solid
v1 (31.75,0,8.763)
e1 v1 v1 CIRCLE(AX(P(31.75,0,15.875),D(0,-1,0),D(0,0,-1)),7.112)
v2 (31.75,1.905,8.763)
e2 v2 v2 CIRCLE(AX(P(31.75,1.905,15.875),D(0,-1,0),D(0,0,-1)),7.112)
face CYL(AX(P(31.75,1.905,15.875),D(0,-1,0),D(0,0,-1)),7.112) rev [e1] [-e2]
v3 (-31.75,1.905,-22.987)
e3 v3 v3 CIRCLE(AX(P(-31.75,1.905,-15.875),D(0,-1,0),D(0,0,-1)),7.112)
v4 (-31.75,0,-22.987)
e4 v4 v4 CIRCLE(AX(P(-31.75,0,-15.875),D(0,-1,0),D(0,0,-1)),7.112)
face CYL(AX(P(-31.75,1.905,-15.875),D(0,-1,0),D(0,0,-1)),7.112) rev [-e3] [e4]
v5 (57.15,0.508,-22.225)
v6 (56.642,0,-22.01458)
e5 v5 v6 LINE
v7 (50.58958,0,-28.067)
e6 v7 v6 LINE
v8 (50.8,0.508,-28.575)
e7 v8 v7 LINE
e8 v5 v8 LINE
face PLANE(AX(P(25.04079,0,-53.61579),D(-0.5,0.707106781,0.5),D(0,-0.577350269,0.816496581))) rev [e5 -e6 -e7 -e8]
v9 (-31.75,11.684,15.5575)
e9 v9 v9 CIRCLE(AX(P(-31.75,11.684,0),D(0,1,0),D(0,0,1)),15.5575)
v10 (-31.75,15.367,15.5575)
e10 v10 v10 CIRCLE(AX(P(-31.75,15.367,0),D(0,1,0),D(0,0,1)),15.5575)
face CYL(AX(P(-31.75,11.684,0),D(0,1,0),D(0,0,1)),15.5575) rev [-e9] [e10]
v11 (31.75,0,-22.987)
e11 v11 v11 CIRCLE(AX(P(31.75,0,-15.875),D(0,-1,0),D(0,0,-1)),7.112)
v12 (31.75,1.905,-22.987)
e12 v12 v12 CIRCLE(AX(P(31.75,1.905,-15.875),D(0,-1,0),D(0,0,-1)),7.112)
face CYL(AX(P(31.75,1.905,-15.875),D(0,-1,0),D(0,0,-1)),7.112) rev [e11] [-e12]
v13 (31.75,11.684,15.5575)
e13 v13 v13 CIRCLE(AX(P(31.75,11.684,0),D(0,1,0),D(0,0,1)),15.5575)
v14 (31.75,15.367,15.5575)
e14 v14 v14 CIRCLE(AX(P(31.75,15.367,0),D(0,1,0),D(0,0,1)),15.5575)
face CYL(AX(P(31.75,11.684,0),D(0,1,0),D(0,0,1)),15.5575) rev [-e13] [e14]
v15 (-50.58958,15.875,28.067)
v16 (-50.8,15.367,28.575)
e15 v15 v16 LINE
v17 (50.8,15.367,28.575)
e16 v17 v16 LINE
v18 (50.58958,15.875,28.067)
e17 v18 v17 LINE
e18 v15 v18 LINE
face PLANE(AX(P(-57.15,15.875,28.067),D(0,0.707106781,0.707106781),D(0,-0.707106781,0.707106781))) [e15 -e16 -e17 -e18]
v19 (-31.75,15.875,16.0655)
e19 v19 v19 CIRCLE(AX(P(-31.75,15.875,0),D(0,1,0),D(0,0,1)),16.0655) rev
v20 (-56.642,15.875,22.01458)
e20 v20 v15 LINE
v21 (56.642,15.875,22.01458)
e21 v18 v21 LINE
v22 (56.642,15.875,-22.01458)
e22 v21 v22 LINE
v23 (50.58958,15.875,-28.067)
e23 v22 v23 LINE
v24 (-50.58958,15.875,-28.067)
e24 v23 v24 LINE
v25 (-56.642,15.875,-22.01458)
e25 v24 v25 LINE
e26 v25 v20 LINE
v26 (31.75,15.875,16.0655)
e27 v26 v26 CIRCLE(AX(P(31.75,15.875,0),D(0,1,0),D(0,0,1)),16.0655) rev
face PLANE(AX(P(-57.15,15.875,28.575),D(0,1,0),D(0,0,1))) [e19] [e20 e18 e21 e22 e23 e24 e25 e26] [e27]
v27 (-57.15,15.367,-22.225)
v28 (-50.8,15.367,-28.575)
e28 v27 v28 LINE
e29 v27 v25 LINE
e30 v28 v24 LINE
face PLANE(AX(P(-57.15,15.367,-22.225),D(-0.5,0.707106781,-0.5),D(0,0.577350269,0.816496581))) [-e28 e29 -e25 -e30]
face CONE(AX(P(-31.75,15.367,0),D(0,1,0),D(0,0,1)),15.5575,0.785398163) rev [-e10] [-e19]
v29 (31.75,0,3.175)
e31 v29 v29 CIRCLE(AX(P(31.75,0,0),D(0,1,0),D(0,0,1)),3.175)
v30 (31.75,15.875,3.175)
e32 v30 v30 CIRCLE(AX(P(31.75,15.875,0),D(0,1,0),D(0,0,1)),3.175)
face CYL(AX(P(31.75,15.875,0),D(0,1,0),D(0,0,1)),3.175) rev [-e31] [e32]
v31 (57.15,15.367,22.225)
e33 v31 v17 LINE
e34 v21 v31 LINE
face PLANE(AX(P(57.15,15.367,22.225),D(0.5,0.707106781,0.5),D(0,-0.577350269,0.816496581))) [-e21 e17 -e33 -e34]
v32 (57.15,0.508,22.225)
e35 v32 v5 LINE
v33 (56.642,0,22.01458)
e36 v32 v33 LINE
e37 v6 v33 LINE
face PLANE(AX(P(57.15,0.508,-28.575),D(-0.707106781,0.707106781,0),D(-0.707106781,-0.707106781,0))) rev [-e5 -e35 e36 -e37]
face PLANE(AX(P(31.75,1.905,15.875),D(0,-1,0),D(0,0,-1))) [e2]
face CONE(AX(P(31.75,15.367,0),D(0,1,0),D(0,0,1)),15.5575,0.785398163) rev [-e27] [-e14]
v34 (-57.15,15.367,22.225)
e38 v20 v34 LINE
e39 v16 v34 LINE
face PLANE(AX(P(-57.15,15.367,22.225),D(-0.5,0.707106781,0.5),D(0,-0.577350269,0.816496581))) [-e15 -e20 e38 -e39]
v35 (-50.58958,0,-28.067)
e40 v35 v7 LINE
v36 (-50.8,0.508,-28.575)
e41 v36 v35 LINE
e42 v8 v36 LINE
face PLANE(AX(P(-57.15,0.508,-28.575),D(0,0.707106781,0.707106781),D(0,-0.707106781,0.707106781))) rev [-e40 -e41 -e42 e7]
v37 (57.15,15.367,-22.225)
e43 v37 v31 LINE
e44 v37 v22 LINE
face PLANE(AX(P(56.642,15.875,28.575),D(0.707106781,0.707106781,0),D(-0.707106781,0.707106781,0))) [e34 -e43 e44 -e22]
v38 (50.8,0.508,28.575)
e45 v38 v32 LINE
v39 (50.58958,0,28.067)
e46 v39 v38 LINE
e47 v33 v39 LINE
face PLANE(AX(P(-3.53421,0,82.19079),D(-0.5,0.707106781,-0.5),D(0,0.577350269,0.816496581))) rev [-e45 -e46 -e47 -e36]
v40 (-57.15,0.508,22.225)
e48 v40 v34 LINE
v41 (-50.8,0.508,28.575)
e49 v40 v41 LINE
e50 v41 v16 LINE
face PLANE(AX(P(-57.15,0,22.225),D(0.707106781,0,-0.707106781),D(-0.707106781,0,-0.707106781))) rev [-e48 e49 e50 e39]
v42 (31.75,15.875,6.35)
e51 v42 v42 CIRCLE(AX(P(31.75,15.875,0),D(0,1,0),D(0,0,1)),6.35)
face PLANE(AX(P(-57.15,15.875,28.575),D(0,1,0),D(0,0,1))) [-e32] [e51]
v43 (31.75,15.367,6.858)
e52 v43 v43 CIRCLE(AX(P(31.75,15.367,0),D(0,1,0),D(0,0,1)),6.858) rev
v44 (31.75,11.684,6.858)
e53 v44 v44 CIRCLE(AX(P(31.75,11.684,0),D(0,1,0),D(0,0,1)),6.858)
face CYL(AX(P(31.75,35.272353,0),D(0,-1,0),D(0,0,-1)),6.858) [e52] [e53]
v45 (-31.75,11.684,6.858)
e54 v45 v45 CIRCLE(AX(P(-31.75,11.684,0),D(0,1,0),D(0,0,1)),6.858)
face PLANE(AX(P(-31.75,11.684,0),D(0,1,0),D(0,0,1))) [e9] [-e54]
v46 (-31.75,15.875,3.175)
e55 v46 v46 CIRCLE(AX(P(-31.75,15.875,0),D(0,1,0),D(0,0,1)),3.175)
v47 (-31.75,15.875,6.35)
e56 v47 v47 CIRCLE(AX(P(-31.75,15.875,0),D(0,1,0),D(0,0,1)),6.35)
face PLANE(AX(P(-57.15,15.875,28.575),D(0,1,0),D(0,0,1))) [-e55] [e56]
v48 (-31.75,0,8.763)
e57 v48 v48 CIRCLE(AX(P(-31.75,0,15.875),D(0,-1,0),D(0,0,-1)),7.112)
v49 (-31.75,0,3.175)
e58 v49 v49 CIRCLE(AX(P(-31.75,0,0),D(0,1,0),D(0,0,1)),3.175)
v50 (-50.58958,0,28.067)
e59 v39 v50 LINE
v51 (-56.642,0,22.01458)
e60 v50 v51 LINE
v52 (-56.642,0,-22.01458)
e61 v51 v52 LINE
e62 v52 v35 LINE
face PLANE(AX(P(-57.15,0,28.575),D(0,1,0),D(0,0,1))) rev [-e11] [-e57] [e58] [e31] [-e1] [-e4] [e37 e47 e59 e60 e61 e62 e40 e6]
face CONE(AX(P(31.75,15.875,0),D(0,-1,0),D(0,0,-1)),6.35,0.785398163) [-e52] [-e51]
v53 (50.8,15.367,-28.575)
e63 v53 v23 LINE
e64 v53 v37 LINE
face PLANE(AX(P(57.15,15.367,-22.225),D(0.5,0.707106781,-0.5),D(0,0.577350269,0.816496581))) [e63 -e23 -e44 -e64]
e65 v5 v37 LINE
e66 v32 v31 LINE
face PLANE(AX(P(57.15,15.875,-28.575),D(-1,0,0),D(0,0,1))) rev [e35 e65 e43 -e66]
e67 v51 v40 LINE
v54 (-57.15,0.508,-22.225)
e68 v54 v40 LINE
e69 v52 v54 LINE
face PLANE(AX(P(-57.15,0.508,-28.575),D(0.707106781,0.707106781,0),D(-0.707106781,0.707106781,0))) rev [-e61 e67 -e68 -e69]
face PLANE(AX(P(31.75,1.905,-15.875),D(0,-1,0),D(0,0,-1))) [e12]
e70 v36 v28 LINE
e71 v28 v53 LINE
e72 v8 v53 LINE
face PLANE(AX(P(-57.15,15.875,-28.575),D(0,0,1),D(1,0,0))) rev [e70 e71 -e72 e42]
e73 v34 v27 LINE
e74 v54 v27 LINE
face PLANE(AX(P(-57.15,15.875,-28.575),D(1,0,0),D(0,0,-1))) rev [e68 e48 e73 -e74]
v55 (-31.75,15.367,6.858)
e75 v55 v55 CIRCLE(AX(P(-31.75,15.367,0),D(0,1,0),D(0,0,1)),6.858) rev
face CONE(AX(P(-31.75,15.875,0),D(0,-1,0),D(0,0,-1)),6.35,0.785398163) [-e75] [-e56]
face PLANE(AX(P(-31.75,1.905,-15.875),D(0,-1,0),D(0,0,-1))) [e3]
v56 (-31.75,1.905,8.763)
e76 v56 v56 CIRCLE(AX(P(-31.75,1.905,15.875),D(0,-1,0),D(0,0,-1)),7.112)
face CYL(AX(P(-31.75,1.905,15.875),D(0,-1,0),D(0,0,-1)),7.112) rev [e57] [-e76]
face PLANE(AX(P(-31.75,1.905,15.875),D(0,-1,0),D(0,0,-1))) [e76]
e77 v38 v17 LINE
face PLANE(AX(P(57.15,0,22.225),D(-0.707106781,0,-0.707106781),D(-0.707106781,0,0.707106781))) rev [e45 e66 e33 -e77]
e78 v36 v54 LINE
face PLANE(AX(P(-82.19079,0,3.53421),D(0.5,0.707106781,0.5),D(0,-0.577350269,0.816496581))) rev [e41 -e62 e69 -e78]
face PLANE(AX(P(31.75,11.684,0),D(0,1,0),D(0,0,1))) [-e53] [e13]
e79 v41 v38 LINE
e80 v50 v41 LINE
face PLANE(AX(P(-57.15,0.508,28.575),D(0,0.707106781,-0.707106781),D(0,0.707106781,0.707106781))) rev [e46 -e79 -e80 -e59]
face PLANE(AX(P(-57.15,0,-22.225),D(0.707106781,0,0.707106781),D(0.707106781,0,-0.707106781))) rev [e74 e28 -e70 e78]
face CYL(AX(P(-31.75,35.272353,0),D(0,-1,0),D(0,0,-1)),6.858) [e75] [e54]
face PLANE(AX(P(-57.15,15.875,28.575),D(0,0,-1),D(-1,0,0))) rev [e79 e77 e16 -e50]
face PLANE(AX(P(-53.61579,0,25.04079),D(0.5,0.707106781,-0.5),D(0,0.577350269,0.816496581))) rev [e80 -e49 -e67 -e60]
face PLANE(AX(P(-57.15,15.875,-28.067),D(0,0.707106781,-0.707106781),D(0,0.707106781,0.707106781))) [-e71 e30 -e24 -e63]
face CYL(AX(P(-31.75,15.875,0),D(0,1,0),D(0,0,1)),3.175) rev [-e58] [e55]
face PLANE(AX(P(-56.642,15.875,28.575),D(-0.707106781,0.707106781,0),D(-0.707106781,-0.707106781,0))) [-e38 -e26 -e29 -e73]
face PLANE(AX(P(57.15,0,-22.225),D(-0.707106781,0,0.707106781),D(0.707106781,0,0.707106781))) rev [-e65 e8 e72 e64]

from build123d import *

# Parameters (mm, degrees)
SKETCH1_W               = 114.3
SKETCH1_H               = 57.15
EXTRUDE1_DEPTH          = 15.875
CUT_EXTRUDE1_DEPTH      = 16.875
SKETCH4_R               = 15.5575
EXTRUDE7_DEPTH          = 4.191
SKETCH6_R               = 6.858
EXTRUDE8_DEPTH          = 4.191
CHAMFER1_SIZE           = 0.508
SKETCH7_R               = 7.112
CUT_EXTRUDE2_DEPTH      = 1.905
F_1_4_20_TAPPED_HOLE1_D = 6.35


with BuildPart() as part:
    # Sketch1 → Extrude1 (new body)
    with BuildSketch(Plane(origin=(0, 0, 0), x_dir=(1, 0, 0), z_dir=(0, 1, 0))):
        Rectangle(SKETCH1_W, SKETCH1_H)
    extrude(amount=EXTRUDE1_DEPTH)

    # Sketch3 → Cut-Extrude1 (cut, through all)
    with BuildSketch(Plane(origin=(0, 15.875, 0), x_dir=(1, 0, 0), z_dir=(0, 1, 0))):
        Polygon((-57.15, 22.225), (-50.8, 28.575), (-57.15, 28.575), align=None)
        Polygon((-57.15, -28.575), (-57.15, -22.225), (-50.8, -28.575), align=None)
        Polygon((57.15, -28.575), (57.15, -22.225), (50.8, -28.575), align=None)
        Polygon((57.15, 28.575), (57.15, 22.225), (50.8, 28.575), align=None)
    extrude(amount=-CUT_EXTRUDE1_DEPTH, mode=Mode.SUBTRACT)

    # Sketch4 → Extrude7 (cut)
    with BuildSketch(Plane(origin=(0, 15.875, 0), x_dir=(1, 0, 0), z_dir=(0, 1, 0))):
        with Locations(Location((-31.75, 0, 0), (0, 0, 270))):  # turned: the seam where the file's is
            Circle(SKETCH4_R)
        with Locations(Location((31.75, 0, 0), (0, 0, 270))):  # turned: the seam where the file's is
            Circle(SKETCH4_R)
    extrude(amount=-EXTRUDE7_DEPTH, mode=Mode.SUBTRACT)

    # Sketch6 → Extrude8 (add)
    with BuildSketch(Plane(origin=(0, 11.684, 0), x_dir=(1, 0, 0), z_dir=(0, 1, 0))):
        with Locations(Location((-31.75, 0, 0), (0, 0, 270))):  # turned: the seam where the file's is
            Circle(SKETCH6_R)
        with Locations(Location((31.75, 0, 0), (0, 0, 270))):  # turned: the seam where the file's is
            Circle(SKETCH6_R)
    extrude(amount=EXTRUDE8_DEPTH)

    # Chamfer1
    chamfer1_edges = [part.edges().sort_by_distance(p)[0] for p in [
        (-57.15, 0, 0),
        (-57.15, 15.875, 0),
        (-53.975, 0, -25.4),
        (-53.975, 15.875, -25.4),
        (0, 0, 28.575),
        (0, 15.875, 28.575),
        (-53.975, 0, 25.4),
        (-53.975, 15.875, 25.4),
        (57.15, 0, 0),
        (57.15, 15.875, 0),
        (53.975, 0, 25.4),
        (53.975, 15.875, 25.4),
        (0, 0, -28.575),
        (0, 15.875, -28.575),
        (53.975, 0, -25.4),
        (53.975, 15.875, -25.4),
        (-31.75, 15.875, -15.5575),
        (31.75, 15.875, -15.5575),
        (-31.75, 15.875, -6.858),
        (31.75, 15.875, -6.858),
    ]]
    chamfer(chamfer1_edges, length=CHAMFER1_SIZE)

    # Sketch7 → Cut-Extrude2 (cut)
    with BuildSketch(Plane.XZ):
        with Locations(Location((-31.75, 15.875, 0), (0, 0, 270))):  # turned: the seam where the file's is
            Circle(SKETCH7_R)
        with Locations(Location((-31.75, -15.875, 0), (0, 0, 270))):  # turned: the seam where the file's is
            Circle(SKETCH7_R)
        with Locations(Location((31.75, 15.875, 0), (0, 0, 270))):  # turned: the seam where the file's is
            Circle(SKETCH7_R)
        with Locations(Location((31.75, -15.875, 0), (0, 0, 270))):  # turned: the seam where the file's is
            Circle(SKETCH7_R)
    extrude(amount=-CUT_EXTRUDE2_DEPTH, mode=Mode.SUBTRACT)

    # 1/4-20 Tapped Hole1 (through all)
    with Locations(Plane(origin=(0, 15.875, 0), x_dir=(-1, 0, 0), z_dir=(0, 1, 0))):
        with Locations((31.75, 0), (-31.75, 0)):
            Hole(F_1_4_20_TAPPED_HOLE1_D / 2)


solid = part.part
